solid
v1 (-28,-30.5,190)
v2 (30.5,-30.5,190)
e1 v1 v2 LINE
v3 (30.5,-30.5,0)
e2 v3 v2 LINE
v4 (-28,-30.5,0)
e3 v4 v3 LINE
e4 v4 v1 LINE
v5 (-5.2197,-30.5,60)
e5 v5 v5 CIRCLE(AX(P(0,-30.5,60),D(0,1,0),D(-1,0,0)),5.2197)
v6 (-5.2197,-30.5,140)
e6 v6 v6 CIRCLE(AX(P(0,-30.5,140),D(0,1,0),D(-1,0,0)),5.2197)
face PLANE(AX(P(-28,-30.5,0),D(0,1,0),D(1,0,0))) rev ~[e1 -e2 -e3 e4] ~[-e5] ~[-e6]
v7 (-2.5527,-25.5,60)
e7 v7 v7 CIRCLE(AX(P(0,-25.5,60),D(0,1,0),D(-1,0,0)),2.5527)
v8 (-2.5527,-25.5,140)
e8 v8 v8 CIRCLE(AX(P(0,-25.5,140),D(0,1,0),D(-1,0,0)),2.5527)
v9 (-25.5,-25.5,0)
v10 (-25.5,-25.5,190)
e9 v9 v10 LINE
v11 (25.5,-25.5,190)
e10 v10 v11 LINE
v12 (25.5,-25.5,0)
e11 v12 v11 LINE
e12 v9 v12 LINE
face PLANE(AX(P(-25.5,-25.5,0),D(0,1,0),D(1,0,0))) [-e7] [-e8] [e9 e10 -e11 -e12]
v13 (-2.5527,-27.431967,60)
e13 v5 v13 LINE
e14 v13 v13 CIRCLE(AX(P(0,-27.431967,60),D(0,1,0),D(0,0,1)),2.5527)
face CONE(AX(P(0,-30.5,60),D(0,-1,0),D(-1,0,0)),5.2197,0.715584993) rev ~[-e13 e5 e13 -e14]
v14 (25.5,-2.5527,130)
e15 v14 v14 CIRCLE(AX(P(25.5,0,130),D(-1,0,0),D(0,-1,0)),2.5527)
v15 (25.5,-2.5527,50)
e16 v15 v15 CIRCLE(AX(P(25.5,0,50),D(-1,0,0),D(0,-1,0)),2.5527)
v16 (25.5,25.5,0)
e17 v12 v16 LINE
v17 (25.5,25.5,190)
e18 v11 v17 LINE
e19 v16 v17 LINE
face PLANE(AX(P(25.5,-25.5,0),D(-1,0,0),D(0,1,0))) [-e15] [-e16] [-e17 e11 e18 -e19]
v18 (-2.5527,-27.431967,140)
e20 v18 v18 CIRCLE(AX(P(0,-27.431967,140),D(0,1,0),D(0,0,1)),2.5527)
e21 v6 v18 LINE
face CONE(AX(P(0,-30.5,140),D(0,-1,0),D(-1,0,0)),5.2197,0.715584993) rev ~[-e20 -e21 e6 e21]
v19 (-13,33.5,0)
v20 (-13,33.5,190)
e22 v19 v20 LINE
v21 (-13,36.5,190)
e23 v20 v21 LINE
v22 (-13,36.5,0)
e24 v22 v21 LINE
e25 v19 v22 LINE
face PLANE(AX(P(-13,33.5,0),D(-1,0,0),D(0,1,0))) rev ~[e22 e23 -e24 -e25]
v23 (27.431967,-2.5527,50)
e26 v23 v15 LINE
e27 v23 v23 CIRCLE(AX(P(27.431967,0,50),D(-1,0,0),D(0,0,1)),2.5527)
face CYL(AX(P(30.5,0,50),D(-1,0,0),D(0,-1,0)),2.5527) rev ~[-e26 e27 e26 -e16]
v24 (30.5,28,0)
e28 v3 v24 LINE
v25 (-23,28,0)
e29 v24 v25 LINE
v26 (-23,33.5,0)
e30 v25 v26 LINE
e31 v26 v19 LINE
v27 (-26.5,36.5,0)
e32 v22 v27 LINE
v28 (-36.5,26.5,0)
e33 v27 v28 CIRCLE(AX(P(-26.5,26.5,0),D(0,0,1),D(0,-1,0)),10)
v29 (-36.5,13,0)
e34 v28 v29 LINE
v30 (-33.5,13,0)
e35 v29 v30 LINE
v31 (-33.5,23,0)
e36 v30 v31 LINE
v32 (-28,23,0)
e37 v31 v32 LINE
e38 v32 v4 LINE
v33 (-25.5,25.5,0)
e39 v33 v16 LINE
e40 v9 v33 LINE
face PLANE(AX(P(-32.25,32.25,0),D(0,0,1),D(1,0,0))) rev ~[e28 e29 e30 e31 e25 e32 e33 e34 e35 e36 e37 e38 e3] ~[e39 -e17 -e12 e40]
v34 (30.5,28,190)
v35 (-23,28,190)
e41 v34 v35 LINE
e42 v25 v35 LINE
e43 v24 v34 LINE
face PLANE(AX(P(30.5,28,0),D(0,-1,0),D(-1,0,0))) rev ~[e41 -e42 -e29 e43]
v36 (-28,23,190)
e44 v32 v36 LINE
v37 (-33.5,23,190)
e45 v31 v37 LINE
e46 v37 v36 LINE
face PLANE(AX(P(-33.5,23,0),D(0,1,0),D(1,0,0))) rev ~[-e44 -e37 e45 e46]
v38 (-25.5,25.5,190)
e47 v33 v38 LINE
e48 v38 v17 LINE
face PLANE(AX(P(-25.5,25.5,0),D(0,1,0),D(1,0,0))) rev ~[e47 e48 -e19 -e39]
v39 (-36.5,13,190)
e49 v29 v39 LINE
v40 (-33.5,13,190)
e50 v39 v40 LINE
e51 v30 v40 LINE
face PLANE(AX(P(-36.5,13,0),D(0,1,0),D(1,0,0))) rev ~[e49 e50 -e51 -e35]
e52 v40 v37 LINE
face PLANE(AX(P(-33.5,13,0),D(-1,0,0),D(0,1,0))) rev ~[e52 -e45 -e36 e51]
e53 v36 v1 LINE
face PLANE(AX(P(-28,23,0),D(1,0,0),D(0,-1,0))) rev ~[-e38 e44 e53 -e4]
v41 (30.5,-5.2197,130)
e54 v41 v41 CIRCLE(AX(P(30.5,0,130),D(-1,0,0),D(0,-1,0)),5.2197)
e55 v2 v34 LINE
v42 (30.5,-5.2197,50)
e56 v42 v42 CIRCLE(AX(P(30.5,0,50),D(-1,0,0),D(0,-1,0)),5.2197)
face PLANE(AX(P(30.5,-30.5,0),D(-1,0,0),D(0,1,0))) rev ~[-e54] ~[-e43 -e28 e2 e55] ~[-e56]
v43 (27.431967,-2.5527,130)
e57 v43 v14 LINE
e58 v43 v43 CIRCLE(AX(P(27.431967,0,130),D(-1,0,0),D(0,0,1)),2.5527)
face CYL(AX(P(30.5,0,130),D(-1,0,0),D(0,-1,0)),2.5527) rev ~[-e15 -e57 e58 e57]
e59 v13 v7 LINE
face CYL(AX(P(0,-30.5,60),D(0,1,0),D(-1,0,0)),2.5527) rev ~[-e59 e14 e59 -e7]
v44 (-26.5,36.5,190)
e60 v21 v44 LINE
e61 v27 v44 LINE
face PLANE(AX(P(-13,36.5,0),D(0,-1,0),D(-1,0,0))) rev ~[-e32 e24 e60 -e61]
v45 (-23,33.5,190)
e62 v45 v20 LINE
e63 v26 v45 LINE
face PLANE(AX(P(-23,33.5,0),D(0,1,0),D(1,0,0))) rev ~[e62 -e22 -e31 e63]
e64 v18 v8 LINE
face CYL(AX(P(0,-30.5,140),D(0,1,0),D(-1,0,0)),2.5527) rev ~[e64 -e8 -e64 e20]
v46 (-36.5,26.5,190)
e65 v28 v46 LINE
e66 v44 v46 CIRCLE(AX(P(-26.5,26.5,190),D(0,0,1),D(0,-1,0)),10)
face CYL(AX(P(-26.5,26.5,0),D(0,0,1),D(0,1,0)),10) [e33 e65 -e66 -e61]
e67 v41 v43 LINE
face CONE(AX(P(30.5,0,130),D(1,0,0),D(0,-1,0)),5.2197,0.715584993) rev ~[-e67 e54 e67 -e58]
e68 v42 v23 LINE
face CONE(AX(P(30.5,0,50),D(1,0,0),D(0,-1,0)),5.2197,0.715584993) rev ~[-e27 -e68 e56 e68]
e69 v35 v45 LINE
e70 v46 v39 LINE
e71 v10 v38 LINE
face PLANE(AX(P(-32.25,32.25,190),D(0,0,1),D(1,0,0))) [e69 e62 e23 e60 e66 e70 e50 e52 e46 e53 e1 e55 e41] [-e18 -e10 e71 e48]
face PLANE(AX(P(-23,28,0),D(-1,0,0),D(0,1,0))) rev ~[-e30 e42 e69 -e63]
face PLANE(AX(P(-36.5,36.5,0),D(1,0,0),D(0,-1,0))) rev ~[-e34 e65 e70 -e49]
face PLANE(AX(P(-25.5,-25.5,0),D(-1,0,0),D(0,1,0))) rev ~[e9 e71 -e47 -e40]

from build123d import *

# Parameters (mm, degrees)
F0_W           = 5
F0_H           = 5.5
F0_W_2         = 5.5
F0_H_2         = 5
F0_W_3         = 51
F0_H_3         = 51
F1_DEPTH       = 190
F2_R           = 10
F4_D           = 5.1054
F4_DEPTH       = 12
F4_CSINK_D     = 10.4394
F4_CSINK_ANGLE = 82
F4_TIP         = 1.5338169022
F6_D           = 5.1054
F6_DEPTH       = 12
F6_CSINK_D     = 10.4394
F6_CSINK_ANGLE = 82
F6_TIP         = 1.5338169022


with BuildPart() as f1:
    # F0 (on Top) → F1 (new body)
    with BuildSketch(Plane.XY):
        Polygon((-33.5, 28), (-28, 28), (-28, 33.5), (-28, 36.5), (-36.5, 36.5), (-36.5, 28), align=None)
        Polygon((-28, 36.5), (-28, 33.5), (-23, 33.5), (-13, 33.5), (-13, 36.5), align=None)
        with Locations((-25.5, 30.75)):
            Rectangle(F0_W, F0_H)
        with Locations((-30.75, 25.5)):
            Rectangle(F0_W_2, F0_H_2)
        Polygon((-33.5, 23), (-33.5, 28), (-36.5, 28), (-36.5, 13), (-33.5, 13), align=None)
        Polygon((-23, 28), (-28, 28), (-28, 23), (-28, -30.5), (30.5, -30.5), (30.5, 28), align=None)
        Rectangle(F0_W_3, F0_H_3, mode=Mode.SUBTRACT)
    extrude(amount=F1_DEPTH)

    # F2
    f2_edges = [f1.edges().sort_by_distance(p)[0] for p in [
        (-36.5, 36.5, 95),
    ]]
    fillet(f2_edges, radius=F2_R)

    # F4
    with Locations(Plane.XZ.offset(30.5)):
        with Locations((0, 140), (0, 60)):
            CounterSinkHole(F4_D / 2, F4_CSINK_D / 2, depth=F4_DEPTH, counter_sink_angle=F4_CSINK_ANGLE)
            with Locations((0, 0, -(F4_DEPTH + F4_TIP / 2))):  # 118° drill point
                Cone(0, F4_D / 2, F4_TIP, mode=Mode.SUBTRACT)

    # F6
    with Locations(Plane.YZ.offset(30.5)):
        with Locations((0, 130), (0, 50)):
            CounterSinkHole(F6_D / 2, F6_CSINK_D / 2, depth=F6_DEPTH, counter_sink_angle=F6_CSINK_ANGLE)
            with Locations((0, 0, -(F6_DEPTH + F6_TIP / 2))):  # 118° drill point
                Cone(0, F6_D / 2, F6_TIP, mode=Mode.SUBTRACT)


solid = f1.part
